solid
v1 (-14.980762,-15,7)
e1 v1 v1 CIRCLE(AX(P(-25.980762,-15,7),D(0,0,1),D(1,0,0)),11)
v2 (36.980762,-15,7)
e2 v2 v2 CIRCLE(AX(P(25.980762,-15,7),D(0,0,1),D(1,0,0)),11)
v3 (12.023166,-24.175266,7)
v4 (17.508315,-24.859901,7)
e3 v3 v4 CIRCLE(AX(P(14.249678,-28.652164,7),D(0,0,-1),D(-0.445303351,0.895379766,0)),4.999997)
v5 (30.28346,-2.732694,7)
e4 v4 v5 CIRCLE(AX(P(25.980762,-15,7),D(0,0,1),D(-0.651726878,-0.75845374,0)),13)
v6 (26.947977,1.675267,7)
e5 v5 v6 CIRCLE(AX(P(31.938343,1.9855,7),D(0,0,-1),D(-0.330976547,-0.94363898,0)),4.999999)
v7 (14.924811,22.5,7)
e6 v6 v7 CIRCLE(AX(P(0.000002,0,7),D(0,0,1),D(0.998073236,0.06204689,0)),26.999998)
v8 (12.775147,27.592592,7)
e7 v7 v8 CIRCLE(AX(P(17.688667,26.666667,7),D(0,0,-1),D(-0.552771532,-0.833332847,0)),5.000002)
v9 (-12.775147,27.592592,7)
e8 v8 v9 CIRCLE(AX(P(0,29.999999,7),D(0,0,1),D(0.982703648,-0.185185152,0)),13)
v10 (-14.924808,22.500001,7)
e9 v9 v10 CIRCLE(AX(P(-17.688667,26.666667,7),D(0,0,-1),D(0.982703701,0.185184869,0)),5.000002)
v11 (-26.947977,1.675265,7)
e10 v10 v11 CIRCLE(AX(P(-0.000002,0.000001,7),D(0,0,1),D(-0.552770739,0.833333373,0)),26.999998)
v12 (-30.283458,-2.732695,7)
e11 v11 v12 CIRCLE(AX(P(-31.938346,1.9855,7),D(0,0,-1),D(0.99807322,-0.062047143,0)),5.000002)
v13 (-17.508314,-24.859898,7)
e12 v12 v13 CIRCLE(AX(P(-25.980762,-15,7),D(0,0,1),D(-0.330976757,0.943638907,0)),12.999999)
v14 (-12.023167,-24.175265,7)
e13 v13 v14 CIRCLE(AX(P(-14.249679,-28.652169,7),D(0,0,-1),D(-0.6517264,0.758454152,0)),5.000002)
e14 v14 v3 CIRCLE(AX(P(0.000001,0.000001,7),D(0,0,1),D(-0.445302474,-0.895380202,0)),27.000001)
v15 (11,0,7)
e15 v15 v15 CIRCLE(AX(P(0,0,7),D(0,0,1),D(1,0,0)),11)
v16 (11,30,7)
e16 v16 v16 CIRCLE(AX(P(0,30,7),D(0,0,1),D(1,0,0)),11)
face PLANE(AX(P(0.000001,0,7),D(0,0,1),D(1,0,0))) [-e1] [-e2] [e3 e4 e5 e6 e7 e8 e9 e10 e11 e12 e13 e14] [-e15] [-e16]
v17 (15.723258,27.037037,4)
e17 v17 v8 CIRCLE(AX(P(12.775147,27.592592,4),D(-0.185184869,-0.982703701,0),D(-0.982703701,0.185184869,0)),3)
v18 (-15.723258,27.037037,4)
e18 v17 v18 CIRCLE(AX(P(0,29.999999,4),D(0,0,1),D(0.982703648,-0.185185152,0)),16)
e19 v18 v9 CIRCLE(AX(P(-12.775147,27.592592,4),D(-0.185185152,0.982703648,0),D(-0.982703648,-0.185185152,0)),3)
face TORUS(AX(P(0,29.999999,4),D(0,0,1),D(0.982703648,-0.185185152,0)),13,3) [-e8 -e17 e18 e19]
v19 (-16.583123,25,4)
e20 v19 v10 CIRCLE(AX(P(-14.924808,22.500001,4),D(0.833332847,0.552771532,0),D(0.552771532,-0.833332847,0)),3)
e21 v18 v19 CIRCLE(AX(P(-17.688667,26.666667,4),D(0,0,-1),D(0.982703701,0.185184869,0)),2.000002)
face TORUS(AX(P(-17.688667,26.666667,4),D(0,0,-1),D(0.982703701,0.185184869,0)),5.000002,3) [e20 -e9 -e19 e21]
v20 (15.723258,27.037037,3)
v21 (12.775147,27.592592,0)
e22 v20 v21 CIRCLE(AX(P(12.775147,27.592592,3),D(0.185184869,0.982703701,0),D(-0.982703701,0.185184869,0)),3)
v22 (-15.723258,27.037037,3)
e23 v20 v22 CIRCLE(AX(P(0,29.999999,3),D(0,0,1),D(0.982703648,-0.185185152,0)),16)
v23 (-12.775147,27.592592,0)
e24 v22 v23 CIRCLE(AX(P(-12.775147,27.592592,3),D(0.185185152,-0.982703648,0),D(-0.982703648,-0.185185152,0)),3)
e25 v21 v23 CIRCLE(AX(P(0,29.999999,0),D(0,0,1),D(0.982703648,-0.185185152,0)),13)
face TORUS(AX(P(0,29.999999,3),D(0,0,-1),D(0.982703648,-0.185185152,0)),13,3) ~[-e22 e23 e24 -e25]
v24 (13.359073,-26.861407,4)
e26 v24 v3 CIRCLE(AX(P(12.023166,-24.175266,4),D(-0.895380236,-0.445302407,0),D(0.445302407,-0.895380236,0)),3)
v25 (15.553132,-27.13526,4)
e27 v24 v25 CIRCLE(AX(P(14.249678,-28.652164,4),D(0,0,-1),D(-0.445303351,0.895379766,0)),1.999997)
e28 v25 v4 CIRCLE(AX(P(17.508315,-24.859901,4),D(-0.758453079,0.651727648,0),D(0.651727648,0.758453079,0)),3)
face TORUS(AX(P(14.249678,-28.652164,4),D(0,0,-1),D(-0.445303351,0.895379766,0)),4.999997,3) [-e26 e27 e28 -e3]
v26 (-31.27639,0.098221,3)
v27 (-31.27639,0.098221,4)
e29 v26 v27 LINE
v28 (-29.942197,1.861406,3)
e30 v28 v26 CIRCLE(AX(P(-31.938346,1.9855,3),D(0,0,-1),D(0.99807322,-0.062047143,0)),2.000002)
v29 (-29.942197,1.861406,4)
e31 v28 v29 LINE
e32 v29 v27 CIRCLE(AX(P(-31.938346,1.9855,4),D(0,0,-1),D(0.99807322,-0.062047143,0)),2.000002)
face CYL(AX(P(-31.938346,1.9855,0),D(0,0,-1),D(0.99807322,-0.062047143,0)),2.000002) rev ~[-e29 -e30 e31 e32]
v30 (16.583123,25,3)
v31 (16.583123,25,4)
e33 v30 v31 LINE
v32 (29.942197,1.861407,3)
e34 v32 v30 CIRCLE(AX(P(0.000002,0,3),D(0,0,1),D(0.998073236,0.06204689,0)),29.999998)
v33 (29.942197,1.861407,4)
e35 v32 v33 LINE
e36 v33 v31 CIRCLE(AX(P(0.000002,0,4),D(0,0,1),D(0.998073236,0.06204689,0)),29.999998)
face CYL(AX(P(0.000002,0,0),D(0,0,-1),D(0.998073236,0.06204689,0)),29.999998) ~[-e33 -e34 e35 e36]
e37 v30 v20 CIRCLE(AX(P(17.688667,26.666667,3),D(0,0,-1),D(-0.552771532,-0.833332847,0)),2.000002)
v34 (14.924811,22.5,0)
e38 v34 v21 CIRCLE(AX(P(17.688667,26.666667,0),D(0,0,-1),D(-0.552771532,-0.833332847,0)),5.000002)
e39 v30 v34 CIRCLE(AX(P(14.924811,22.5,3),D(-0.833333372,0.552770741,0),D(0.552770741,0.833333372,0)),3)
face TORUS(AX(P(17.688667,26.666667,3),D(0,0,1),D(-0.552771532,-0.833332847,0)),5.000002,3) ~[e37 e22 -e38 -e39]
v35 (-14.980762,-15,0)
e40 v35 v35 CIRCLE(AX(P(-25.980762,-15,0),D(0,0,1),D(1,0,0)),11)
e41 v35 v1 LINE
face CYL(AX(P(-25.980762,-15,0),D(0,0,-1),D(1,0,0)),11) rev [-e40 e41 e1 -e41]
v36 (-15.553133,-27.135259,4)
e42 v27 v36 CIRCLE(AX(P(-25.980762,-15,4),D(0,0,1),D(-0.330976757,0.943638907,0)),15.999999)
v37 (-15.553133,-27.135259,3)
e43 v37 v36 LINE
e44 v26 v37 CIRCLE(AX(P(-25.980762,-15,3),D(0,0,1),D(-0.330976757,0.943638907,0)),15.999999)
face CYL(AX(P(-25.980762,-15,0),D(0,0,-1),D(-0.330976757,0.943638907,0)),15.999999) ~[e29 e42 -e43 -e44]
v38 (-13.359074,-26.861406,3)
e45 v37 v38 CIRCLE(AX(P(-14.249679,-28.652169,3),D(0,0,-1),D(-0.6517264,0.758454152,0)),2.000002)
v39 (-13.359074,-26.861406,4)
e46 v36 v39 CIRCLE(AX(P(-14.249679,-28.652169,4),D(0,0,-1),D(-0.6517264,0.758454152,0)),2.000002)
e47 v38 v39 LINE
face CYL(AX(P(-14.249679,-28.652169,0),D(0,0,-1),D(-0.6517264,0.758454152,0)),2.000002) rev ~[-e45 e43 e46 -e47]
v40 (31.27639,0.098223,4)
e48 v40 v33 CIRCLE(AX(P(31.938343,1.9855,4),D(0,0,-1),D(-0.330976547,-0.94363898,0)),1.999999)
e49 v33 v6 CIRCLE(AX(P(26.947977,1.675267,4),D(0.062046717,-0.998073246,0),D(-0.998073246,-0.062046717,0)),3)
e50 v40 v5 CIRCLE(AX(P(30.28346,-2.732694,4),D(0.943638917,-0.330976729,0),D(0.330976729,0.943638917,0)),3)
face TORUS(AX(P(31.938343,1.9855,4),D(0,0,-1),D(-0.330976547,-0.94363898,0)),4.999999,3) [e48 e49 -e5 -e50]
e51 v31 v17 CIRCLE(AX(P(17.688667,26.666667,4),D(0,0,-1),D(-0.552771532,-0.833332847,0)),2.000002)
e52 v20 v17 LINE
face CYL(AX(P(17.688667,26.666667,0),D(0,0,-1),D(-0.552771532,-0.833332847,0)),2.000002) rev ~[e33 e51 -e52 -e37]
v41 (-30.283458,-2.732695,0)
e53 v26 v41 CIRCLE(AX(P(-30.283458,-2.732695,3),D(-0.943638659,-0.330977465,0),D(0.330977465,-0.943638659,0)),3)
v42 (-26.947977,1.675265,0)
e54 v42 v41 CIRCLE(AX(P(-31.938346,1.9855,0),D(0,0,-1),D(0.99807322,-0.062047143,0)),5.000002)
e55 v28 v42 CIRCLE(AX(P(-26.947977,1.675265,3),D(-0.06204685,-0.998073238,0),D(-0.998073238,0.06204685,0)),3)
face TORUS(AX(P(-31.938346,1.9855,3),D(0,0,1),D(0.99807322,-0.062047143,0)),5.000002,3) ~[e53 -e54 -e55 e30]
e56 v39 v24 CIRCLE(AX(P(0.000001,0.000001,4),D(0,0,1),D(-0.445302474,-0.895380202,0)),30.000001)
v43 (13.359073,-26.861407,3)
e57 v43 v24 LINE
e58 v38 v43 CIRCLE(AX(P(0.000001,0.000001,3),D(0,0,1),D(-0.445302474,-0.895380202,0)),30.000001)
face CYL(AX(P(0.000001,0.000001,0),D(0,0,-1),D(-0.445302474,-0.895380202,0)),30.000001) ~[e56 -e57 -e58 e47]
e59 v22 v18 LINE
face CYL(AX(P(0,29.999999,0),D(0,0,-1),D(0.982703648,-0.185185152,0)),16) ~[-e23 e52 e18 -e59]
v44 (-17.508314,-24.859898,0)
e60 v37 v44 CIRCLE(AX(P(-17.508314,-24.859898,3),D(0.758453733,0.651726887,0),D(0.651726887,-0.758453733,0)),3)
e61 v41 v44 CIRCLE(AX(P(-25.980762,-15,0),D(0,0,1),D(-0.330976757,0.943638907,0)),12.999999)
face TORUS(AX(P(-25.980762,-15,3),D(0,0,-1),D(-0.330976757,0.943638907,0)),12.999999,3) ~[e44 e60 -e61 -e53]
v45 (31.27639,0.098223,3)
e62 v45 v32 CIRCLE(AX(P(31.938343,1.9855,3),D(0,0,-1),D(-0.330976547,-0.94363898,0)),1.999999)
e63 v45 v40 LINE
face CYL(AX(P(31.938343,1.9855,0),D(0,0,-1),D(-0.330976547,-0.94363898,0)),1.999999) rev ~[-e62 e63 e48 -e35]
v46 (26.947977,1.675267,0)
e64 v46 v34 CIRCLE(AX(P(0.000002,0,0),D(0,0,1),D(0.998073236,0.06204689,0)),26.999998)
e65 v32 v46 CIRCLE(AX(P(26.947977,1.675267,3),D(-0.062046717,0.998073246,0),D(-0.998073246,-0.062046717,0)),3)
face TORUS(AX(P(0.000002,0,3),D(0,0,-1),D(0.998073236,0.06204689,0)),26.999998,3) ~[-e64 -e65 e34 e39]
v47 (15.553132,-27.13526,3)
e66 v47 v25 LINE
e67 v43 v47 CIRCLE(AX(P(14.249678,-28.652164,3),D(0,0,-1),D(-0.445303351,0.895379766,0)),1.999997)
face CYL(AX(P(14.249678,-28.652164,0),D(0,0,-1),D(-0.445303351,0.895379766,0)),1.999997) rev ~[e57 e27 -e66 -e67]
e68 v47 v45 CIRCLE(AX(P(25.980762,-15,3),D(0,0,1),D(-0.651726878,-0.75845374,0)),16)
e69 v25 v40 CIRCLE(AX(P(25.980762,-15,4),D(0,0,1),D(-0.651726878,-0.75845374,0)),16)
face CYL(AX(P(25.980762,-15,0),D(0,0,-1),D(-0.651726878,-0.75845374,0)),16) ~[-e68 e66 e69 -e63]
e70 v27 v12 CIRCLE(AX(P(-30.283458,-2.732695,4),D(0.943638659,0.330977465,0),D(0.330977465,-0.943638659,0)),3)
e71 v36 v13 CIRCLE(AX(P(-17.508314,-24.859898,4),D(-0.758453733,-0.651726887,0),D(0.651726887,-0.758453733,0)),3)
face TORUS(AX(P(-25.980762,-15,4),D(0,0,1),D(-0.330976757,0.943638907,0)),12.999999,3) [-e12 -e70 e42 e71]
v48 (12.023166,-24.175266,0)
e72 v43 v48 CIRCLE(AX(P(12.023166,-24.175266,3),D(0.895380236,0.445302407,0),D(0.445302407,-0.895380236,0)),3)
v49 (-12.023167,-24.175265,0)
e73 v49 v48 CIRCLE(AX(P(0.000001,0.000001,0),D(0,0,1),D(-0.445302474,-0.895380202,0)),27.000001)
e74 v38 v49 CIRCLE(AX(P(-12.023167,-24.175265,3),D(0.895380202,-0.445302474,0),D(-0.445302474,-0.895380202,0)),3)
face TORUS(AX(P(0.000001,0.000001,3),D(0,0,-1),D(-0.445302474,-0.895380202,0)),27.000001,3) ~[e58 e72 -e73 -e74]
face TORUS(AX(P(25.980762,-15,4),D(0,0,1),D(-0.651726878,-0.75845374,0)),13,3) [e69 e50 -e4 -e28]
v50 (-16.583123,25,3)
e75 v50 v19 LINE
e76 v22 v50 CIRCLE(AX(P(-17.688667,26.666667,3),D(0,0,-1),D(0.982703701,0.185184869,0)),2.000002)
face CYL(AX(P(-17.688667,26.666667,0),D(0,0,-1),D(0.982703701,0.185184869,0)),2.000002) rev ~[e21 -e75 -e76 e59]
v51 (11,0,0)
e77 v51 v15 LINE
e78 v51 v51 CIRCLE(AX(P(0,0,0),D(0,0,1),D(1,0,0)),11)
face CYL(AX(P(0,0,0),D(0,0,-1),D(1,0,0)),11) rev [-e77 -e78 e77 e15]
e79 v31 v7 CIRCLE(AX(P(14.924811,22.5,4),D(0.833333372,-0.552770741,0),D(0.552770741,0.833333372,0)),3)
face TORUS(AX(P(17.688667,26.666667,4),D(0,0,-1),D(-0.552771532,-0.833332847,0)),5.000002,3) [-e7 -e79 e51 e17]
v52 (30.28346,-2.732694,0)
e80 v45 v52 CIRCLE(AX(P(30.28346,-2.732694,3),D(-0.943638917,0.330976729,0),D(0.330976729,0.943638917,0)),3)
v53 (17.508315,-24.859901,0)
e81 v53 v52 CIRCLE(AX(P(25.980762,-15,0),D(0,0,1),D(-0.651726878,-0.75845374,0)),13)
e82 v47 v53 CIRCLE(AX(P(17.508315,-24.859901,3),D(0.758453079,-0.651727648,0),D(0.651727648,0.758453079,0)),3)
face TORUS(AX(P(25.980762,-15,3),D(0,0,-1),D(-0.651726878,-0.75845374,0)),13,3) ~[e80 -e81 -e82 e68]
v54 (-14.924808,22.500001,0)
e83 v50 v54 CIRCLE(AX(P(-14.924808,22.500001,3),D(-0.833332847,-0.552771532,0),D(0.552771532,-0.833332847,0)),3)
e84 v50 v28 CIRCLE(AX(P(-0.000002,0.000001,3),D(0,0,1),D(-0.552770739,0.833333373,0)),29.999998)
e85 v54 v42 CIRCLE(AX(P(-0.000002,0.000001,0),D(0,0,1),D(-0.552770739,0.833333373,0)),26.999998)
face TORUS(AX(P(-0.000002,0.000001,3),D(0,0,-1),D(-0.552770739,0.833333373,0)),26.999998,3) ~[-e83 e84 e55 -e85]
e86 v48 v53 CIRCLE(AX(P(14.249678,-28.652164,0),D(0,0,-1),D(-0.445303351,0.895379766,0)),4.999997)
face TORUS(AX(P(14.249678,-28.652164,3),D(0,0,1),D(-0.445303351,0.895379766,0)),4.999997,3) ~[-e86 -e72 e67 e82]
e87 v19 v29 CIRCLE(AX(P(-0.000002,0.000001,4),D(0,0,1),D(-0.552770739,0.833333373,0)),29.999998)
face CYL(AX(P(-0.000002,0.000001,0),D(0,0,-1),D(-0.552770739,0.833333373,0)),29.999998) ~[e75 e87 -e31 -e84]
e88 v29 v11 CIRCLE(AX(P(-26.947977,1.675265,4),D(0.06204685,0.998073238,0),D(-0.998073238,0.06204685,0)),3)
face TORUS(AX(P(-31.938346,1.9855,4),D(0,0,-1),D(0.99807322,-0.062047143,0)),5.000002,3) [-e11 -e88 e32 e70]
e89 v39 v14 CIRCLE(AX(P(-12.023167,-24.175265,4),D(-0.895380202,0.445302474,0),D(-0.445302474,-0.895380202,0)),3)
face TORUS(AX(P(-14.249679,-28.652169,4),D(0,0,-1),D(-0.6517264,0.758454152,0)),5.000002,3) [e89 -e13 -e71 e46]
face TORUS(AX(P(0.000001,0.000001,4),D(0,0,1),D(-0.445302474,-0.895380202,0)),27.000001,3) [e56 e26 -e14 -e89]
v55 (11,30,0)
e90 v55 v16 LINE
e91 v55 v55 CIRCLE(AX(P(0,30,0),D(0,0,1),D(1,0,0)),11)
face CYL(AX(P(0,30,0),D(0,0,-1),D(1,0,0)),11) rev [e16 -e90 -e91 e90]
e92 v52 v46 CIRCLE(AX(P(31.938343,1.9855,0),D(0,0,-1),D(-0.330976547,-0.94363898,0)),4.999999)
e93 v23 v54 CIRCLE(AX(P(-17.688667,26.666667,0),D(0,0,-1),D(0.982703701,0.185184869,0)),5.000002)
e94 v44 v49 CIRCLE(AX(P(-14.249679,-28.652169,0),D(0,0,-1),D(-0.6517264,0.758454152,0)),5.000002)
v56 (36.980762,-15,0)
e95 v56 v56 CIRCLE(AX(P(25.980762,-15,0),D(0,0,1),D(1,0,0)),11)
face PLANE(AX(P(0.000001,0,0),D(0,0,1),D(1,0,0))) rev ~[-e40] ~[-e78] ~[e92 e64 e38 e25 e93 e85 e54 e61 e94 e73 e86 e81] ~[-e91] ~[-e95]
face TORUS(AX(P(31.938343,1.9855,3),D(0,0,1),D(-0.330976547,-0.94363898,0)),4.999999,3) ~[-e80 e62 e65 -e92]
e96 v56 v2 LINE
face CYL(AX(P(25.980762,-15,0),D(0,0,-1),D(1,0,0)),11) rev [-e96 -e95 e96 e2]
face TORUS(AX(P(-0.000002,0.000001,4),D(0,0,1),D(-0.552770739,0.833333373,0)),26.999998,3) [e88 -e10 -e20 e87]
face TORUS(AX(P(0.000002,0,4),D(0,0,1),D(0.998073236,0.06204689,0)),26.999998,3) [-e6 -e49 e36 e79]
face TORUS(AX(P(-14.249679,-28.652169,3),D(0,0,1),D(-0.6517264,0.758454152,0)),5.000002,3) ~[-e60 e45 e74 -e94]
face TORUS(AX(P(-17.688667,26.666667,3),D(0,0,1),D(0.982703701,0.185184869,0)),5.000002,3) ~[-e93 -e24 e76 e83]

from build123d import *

# Parameters (mm, degrees)
F0_R     = 11
F1_DEPTH = 7
F2_R     = 3


with BuildPart() as f1:
    # F0 (on Top) → F1 (new body)
    with BuildSketch(Plane.XY):
        with BuildLine():
            ThreePointArc((-15.723258, 27.037037), (-15.846096, 25.888889), (-16.583123, 25))
            ThreePointArc((-16.583123, 25), (-25.980762, 15), (-29.942197, 1.861406))
            ThreePointArc((-29.942197, 1.861406), (-30.343484, 0.778676), (-31.27639, 0.098221))
            ThreePointArc((-31.27639, 0.098221), (-39.837168, -22.999999), (-15.553133, -27.135259))
            ThreePointArc((-15.553133, -27.135259), (-14.497388, -26.667566), (-13.359074, -26.861406))
            ThreePointArc((-13.359074, -26.861406), (-1e-06, -30), (13.359073, -26.861407))
            ThreePointArc((13.359073, -26.861407), (14.497387, -26.667566), (15.553132, -27.13526))
            ThreePointArc((15.553132, -27.13526), (39.837169, -23), (31.27639, 0.098223))
            ThreePointArc((31.27639, 0.098223), (30.343484, 0.778677), (29.942197, 1.861407))
            ThreePointArc((29.942197, 1.861407), (25.980762, 15), (16.583123, 25))
            ThreePointArc((16.583123, 25), (15.846096, 25.888889), (15.723258, 27.037037))
            ThreePointArc((15.723258, 27.037037), (0, 45.999999), (-15.723258, 27.037037))
        make_face()
        with Locations((-25.980762, -15)):
            Circle(F0_R, mode=Mode.SUBTRACT)
        Circle(F0_R, mode=Mode.SUBTRACT)
        with Locations((25.980762, -15)):
            Circle(F0_R, mode=Mode.SUBTRACT)
        with Locations((0, 30)):
            Circle(F0_R, mode=Mode.SUBTRACT)
    extrude(amount=F1_DEPTH)

    # F2
    f2_edges = [f1.edges().sort_by_distance(p)[0] for p in [
        (-1e-06, -30, 7),
        (-1e-06, -30, 0),
    ]]
    fillet(f2_edges, radius=F2_R)


solid = f1.part
